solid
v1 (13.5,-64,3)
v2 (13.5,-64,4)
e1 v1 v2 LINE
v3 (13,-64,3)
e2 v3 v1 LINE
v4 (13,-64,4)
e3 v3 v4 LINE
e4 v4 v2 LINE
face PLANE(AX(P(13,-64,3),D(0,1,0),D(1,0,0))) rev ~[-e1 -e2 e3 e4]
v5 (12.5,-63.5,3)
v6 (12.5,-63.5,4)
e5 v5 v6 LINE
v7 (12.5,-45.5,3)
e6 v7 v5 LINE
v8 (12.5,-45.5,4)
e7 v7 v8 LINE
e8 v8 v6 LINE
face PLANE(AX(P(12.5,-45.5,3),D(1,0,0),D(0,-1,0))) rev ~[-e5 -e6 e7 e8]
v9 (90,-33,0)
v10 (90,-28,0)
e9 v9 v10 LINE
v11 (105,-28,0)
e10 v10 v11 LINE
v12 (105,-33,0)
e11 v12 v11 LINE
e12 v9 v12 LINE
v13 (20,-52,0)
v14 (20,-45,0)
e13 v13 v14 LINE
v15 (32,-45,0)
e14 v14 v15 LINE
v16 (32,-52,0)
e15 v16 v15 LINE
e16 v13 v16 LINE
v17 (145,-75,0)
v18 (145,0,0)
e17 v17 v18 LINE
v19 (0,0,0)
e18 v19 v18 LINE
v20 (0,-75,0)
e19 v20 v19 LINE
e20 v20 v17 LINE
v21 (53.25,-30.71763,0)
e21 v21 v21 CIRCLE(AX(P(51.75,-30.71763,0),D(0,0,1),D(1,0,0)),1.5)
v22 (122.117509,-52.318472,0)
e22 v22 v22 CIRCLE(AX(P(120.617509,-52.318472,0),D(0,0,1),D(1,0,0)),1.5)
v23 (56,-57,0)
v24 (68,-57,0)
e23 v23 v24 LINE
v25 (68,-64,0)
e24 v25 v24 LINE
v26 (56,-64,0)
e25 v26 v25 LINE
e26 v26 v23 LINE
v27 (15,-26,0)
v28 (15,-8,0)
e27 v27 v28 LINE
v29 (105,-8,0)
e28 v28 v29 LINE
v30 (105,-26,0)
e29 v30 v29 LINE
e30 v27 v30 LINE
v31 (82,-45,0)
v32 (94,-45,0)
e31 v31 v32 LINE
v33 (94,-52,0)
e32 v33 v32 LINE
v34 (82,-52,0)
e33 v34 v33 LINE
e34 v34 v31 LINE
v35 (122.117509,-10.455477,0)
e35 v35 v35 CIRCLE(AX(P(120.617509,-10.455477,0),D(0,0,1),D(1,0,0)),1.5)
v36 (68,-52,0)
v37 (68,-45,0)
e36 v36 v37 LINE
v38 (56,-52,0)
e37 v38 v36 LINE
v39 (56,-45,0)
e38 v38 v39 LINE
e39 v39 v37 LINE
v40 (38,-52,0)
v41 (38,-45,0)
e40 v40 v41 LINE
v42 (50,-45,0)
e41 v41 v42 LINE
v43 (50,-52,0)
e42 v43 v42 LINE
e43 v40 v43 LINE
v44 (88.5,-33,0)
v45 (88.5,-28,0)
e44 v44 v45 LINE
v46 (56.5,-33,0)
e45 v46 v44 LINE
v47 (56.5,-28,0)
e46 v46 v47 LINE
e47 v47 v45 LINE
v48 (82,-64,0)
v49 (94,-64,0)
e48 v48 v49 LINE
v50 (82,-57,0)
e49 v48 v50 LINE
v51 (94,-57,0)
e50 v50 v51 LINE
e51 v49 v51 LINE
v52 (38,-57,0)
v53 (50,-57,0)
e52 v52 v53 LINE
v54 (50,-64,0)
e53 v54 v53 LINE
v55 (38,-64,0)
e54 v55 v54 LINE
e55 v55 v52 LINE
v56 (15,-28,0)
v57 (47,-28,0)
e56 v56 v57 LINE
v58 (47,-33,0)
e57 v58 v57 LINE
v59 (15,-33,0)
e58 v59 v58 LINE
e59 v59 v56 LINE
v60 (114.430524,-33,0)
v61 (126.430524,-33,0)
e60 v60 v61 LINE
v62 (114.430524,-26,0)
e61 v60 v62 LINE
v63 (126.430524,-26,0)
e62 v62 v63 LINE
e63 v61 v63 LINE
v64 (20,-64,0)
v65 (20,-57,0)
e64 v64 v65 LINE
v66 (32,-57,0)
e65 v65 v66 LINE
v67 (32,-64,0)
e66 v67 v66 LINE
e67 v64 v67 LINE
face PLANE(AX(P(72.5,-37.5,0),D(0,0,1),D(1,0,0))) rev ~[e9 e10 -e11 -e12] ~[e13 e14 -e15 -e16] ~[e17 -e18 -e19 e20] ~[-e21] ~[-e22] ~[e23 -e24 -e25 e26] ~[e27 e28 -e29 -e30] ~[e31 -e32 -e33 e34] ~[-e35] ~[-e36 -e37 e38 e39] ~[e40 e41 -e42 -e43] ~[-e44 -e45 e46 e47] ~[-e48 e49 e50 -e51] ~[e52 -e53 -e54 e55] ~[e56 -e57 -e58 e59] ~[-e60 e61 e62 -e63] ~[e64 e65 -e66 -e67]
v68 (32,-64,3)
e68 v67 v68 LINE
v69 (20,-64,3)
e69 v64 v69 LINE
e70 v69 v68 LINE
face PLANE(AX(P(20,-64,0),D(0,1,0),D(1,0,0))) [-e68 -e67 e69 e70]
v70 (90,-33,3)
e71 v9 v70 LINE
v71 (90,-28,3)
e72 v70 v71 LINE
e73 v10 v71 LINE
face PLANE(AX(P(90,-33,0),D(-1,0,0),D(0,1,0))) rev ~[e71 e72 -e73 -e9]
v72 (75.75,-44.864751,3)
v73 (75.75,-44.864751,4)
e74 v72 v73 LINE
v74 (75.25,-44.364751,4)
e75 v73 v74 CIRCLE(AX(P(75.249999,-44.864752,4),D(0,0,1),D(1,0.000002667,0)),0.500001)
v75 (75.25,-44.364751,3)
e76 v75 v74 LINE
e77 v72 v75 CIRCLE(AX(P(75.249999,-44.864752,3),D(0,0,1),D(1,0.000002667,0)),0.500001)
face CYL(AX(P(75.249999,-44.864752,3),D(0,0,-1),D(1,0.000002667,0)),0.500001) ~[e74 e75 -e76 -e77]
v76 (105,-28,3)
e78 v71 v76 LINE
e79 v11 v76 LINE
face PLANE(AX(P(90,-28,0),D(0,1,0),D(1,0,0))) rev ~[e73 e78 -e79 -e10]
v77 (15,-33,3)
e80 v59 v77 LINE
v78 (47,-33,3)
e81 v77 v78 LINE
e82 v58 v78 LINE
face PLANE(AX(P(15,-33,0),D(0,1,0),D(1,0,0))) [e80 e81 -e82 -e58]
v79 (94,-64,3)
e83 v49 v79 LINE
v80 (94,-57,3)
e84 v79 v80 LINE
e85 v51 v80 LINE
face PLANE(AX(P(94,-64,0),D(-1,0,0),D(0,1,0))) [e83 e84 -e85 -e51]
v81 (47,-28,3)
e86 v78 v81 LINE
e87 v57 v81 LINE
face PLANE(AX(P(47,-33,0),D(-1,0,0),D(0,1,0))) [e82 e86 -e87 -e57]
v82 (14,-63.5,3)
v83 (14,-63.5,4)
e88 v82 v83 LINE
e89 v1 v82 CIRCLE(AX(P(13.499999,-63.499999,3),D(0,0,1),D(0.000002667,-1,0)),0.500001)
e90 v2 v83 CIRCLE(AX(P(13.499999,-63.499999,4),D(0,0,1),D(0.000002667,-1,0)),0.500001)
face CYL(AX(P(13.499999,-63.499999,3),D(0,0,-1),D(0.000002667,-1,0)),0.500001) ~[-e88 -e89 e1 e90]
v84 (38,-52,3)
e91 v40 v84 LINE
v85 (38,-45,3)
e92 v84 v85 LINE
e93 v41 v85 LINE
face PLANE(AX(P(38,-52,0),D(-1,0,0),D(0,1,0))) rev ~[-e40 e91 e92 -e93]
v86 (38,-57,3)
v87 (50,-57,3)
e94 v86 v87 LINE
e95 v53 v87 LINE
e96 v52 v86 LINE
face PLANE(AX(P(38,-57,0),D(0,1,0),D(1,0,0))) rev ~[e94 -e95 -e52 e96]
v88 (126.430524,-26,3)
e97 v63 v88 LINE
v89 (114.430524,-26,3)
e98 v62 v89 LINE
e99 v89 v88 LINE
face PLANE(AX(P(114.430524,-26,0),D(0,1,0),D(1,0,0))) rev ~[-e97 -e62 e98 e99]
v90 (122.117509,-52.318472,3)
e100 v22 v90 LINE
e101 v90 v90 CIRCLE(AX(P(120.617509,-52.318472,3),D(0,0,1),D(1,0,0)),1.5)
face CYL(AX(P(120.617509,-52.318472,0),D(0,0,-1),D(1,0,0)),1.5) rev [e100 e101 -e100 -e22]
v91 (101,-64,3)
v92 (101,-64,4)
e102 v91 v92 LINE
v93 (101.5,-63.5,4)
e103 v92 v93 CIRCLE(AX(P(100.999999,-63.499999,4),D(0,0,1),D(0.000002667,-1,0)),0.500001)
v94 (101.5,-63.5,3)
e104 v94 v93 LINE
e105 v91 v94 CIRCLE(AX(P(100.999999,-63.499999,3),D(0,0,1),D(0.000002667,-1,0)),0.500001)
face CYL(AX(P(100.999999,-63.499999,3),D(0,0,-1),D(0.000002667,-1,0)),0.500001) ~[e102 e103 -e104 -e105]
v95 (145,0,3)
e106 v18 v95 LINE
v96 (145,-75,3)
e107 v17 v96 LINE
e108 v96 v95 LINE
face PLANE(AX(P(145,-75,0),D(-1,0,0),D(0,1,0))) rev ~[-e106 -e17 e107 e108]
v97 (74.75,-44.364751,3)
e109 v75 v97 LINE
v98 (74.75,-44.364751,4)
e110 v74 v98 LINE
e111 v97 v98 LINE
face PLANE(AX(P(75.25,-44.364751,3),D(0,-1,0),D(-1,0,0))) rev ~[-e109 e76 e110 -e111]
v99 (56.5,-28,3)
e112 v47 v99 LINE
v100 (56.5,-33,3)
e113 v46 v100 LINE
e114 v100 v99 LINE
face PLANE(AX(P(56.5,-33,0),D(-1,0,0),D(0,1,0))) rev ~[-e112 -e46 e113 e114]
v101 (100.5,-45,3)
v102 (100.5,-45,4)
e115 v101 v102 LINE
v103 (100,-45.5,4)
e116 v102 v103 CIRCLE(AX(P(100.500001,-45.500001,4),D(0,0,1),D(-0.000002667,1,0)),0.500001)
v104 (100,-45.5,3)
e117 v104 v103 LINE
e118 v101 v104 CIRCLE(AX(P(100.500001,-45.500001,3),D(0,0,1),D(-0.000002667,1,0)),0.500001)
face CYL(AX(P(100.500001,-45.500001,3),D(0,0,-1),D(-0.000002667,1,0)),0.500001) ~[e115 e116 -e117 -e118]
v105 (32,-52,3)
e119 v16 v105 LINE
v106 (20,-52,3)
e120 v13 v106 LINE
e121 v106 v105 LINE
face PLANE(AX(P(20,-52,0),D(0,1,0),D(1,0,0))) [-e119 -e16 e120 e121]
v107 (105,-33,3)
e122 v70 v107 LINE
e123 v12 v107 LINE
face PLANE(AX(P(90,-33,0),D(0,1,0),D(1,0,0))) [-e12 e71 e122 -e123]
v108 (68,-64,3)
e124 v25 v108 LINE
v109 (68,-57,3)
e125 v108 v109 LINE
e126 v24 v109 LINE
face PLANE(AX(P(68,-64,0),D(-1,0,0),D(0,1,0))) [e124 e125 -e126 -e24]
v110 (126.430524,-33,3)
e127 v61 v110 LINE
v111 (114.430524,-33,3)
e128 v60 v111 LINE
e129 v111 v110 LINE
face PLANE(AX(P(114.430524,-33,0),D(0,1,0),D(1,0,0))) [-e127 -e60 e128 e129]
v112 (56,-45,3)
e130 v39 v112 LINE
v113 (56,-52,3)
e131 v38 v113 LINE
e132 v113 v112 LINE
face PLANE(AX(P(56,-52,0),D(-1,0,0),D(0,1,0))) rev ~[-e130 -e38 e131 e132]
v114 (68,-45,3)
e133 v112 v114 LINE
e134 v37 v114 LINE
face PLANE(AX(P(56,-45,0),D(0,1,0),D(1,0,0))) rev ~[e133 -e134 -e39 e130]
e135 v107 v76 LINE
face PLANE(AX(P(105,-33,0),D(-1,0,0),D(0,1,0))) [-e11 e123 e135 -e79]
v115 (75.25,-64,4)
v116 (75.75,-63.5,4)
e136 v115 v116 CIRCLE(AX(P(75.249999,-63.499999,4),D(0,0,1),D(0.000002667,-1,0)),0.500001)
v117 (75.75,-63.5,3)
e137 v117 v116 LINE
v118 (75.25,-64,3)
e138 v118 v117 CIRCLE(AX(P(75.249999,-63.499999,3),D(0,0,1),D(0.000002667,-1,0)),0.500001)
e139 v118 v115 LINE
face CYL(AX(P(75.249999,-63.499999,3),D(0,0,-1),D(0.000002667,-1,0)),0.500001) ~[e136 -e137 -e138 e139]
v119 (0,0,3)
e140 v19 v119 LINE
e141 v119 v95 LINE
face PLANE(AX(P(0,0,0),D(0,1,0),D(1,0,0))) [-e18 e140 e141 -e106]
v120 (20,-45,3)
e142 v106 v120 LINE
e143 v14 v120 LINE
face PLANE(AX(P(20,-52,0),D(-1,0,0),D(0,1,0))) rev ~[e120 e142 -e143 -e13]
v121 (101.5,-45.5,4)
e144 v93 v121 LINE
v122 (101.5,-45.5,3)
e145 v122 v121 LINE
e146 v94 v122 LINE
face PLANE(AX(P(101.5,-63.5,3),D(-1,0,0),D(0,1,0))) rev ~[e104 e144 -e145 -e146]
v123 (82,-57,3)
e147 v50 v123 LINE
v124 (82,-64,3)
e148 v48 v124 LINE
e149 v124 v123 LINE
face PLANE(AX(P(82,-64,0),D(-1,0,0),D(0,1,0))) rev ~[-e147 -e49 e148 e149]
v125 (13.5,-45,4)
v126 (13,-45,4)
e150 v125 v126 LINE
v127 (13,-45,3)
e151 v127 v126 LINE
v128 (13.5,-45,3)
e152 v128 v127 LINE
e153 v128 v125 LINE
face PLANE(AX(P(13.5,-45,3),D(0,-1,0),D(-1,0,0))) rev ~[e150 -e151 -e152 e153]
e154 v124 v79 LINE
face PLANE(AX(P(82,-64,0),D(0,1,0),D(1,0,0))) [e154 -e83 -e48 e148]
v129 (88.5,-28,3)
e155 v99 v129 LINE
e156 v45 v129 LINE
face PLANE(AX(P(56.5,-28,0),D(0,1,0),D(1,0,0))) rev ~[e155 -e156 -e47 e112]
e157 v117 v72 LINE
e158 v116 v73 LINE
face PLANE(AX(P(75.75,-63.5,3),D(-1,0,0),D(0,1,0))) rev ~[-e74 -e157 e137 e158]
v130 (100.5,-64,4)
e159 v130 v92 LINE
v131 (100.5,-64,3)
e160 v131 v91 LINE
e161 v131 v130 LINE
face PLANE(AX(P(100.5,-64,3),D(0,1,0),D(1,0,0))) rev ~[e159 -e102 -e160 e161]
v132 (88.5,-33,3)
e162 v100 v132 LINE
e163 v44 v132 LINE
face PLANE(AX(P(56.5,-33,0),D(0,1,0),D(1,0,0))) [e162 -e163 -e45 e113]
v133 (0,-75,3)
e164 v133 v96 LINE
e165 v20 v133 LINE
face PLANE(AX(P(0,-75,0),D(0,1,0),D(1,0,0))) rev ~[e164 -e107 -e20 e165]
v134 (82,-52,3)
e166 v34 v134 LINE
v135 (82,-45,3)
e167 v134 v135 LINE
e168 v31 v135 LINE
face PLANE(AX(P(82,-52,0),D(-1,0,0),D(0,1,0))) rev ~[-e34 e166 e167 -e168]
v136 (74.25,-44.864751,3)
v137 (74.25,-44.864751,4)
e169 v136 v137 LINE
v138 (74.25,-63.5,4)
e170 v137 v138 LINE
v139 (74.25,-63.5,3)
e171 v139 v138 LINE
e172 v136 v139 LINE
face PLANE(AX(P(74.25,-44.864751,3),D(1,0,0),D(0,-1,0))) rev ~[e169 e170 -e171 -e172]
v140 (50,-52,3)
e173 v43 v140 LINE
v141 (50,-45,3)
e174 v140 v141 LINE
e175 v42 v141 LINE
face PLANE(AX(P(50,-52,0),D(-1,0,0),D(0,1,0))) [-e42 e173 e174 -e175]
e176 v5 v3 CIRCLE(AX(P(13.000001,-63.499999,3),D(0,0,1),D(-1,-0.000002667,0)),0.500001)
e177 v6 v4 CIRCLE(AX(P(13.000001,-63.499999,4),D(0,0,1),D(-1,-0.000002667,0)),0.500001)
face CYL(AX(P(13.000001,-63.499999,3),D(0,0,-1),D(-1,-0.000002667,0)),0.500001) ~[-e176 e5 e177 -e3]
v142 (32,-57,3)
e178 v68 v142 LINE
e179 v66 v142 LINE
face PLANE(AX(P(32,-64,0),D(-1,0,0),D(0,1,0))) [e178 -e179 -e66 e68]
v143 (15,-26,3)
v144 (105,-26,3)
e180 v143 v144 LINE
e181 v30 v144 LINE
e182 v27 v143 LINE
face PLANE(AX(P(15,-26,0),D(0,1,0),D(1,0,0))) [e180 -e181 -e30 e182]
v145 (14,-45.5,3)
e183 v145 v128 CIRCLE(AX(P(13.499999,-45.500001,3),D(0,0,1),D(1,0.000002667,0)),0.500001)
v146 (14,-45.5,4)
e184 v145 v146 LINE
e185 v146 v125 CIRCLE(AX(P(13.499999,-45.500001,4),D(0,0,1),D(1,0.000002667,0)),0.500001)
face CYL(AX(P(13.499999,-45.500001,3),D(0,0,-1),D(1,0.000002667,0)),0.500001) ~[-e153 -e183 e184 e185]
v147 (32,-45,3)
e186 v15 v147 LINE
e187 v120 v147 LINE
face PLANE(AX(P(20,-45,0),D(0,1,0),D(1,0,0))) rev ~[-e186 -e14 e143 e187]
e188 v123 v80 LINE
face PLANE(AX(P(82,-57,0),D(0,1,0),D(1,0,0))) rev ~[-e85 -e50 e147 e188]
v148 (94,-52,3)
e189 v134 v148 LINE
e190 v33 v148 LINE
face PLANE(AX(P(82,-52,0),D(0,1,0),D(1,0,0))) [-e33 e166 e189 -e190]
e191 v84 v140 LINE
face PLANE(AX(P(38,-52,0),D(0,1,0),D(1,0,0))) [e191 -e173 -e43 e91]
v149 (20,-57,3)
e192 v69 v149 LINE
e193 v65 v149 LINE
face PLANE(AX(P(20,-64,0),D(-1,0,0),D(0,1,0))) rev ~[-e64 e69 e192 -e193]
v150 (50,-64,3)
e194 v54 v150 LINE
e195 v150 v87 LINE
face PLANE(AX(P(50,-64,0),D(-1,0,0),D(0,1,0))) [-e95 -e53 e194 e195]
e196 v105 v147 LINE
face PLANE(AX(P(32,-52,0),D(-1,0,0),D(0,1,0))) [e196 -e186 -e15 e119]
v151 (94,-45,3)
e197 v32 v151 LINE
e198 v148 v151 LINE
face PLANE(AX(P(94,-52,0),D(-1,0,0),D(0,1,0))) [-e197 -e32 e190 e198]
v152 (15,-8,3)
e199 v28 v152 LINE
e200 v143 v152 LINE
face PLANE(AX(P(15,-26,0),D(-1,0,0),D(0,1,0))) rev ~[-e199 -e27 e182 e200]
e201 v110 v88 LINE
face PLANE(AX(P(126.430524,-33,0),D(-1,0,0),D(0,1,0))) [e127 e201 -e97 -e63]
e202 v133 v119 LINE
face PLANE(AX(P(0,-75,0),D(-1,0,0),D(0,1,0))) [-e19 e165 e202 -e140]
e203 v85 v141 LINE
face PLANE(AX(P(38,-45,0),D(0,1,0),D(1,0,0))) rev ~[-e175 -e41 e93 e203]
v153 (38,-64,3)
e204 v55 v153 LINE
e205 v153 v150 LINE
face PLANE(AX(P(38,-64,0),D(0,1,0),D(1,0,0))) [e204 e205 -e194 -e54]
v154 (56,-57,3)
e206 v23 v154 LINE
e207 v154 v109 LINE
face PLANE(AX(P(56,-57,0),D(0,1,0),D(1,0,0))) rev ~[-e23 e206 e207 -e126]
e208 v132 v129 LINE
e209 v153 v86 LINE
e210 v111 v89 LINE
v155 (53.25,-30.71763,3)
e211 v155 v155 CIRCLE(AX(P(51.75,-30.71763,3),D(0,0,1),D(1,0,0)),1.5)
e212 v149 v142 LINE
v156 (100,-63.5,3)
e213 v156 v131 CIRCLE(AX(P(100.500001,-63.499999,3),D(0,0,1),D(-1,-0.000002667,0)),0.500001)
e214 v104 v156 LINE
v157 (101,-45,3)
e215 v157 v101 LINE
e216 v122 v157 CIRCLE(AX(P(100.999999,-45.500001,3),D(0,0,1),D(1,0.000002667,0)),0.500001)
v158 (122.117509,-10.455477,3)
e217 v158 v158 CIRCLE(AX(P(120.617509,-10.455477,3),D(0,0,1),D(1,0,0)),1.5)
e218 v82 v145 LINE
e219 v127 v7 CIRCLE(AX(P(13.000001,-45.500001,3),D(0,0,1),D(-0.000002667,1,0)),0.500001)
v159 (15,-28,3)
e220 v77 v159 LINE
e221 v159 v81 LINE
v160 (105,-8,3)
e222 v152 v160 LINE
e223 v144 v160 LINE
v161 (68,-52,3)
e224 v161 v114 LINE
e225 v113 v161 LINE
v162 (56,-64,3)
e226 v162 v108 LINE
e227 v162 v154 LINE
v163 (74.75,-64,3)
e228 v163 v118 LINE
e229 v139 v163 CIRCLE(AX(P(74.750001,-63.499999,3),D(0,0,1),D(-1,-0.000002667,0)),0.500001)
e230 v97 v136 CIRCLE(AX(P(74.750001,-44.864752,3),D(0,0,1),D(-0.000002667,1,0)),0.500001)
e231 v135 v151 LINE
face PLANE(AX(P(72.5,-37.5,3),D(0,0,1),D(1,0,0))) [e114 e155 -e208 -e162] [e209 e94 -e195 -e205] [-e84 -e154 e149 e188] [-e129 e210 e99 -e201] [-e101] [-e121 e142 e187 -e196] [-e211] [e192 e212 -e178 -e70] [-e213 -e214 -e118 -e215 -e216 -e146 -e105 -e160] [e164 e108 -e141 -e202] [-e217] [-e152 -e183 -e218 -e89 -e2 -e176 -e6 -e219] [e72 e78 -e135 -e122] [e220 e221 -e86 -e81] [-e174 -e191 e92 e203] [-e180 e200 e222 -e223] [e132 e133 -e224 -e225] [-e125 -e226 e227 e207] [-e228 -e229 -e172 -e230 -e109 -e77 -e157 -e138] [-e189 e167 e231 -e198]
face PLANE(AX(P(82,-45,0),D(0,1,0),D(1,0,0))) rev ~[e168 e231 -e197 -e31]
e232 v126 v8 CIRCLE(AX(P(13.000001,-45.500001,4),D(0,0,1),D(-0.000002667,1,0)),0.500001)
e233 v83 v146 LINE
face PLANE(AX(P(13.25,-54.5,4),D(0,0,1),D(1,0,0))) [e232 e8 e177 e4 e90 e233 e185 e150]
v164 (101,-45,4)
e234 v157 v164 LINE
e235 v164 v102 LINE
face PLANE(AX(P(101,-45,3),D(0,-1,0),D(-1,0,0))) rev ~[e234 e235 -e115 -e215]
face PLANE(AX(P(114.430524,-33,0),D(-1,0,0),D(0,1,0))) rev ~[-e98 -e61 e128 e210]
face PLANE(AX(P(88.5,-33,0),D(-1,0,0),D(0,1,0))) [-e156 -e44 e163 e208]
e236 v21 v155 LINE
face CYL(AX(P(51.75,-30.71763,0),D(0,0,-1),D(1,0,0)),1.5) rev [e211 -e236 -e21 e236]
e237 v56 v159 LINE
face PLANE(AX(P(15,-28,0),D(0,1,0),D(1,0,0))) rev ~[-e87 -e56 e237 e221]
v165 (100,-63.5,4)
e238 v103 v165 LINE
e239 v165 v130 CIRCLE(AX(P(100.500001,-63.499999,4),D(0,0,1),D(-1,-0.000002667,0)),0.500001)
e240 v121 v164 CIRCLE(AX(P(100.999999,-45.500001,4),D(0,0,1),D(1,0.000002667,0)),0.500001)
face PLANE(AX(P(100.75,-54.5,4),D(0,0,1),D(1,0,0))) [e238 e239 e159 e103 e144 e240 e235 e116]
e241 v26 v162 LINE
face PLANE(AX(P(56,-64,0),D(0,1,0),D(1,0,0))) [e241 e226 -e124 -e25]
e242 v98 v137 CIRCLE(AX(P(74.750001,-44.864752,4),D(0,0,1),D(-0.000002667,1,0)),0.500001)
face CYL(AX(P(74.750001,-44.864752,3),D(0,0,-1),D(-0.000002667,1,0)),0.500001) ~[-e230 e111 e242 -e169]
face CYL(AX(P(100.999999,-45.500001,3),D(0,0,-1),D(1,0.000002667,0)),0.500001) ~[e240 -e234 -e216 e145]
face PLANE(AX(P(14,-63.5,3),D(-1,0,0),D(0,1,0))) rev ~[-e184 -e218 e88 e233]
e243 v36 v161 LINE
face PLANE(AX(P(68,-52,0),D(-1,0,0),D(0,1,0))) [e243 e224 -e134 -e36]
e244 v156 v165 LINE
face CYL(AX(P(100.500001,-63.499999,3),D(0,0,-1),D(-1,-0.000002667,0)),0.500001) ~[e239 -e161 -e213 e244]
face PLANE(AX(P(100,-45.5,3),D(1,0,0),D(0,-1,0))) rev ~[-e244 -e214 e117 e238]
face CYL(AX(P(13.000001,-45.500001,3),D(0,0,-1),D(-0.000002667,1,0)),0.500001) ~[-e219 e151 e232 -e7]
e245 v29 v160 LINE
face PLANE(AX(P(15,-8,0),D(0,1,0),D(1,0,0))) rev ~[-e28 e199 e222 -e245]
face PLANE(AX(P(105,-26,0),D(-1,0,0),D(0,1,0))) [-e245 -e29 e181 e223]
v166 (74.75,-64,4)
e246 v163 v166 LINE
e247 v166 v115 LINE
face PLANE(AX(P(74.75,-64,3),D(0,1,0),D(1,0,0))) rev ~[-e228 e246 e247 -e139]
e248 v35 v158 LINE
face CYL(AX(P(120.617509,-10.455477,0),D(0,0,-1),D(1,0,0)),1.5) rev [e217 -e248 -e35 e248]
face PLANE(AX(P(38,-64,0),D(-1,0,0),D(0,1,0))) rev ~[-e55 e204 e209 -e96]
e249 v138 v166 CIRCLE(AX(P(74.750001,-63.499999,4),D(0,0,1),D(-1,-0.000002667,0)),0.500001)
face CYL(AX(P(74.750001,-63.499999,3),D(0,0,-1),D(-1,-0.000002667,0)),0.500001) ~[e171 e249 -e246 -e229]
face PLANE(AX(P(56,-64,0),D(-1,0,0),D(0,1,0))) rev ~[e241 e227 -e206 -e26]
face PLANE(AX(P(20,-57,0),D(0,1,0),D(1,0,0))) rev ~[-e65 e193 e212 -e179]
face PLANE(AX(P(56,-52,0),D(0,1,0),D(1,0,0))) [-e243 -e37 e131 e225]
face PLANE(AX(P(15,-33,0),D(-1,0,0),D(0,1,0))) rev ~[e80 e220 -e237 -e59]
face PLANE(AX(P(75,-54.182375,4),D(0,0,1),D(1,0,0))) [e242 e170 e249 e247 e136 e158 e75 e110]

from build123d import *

# Parameters (mm, degrees)
F0_W     = 145
F0_H     = 75
F0_W_2   = 12
F0_H_2   = 7
F0_R     = 1.5
F0_W_3   = 32
F0_H_3   = 5
F0_W_4   = 90
F0_H_4   = 18
F0_W_5   = 15
F1_DEPTH = 3
F3_DEPTH = 1


with BuildPart() as f1:
    # F0 (on Top) → F1 (new body)
    with BuildSketch(Plane.XY):
        with Locations((72.5, -37.5)):
            Rectangle(F0_W, F0_H)
        with Locations((26, -60.5)):
            Rectangle(F0_W_2, F0_H_2, mode=Mode.SUBTRACT)
        with Locations((44, -60.5)):
            Rectangle(F0_W_2, F0_H_2, mode=Mode.SUBTRACT)
        with Locations((62, -60.5)):
            Rectangle(F0_W_2, F0_H_2, mode=Mode.SUBTRACT)
        with Locations((26, -48.5)):
            Rectangle(F0_W_2, F0_H_2, mode=Mode.SUBTRACT)
        with Locations((44, -48.5)):
            Rectangle(F0_W_2, F0_H_2, mode=Mode.SUBTRACT)
        with Locations((62, -48.5)):
            Rectangle(F0_W_2, F0_H_2, mode=Mode.SUBTRACT)
        with Locations((88, -60.5)):
            Rectangle(F0_W_2, F0_H_2, mode=Mode.SUBTRACT)
        with Locations((88, -48.5)):
            Rectangle(F0_W_2, F0_H_2, mode=Mode.SUBTRACT)
        with Locations((120.617509, -52.318472)):
            Circle(F0_R, mode=Mode.SUBTRACT)
        with Locations((31, -30.5)):
            Rectangle(F0_W_3, F0_H_3, mode=Mode.SUBTRACT)
        with Locations((51.75, -30.71763)):
            Circle(F0_R, mode=Mode.SUBTRACT)
        with Locations((60, -17)):
            Rectangle(F0_W_4, F0_H_4, mode=Mode.SUBTRACT)
        with Locations((72.5, -30.5)):
            Rectangle(F0_W_3, F0_H_3, mode=Mode.SUBTRACT)
        with Locations((97.5, -30.5)):
            Rectangle(F0_W_5, F0_H_3, mode=Mode.SUBTRACT)
        with Locations((120.430524, -29.5)):
            Rectangle(F0_W_2, F0_H_2, mode=Mode.SUBTRACT)
        with Locations((120.617509, -10.455477)):
            Circle(F0_R, mode=Mode.SUBTRACT)
    extrude(amount=F1_DEPTH)

    # F2 (on face) → F3 (join)
    with BuildSketch(Plane.XY.offset(3)):
        with BuildLine():
            Line((13.5, -45), (13, -45))
            ThreePointArc((13, -45), (12.646447, -45.146447), (12.5, -45.5))
            Line((12.5, -45.5), (12.5, -63.5))
            ThreePointArc((12.5, -63.5), (12.646447, -63.853553), (13, -64))
            Line((13, -64), (13.5, -64))
            ThreePointArc((13.5, -64), (13.853553, -63.853553), (14, -63.5))
            Line((14, -63.5), (14, -45.5))
            ThreePointArc((14, -45.5), (13.853553, -45.146447), (13.5, -45))
        make_face()
        with BuildLine():
            Line((101, -45), (100.5, -45))
            ThreePointArc((100.5, -45), (100.146447, -45.146447), (100, -45.5))
            Line((100, -45.5), (100, -63.5))
            ThreePointArc((100, -63.5), (100.146447, -63.853553), (100.5, -64))
            Line((100.5, -64), (101, -64))
            ThreePointArc((101, -64), (101.353553, -63.853553), (101.5, -63.5))
            Line((101.5, -63.5), (101.5, -45.5))
            ThreePointArc((101.5, -45.5), (101.353553, -45.146447), (101, -45))
        make_face()
        with BuildLine():
            Line((75.25, -44.364751), (74.75, -44.364751))
            ThreePointArc((74.75, -44.364751), (74.396447, -44.511198), (74.25, -44.864751))
            Line((74.25, -44.864751), (74.25, -63.5))
            ThreePointArc((74.25, -63.5), (74.396447, -63.853553), (74.75, -64))
            Line((74.75, -64), (75.25, -64))
            ThreePointArc((75.25, -64), (75.603553, -63.853553), (75.75, -63.5))
            Line((75.75, -63.5), (75.75, -44.864751))
            ThreePointArc((75.75, -44.864751), (75.603553, -44.511198), (75.25, -44.364751))
        make_face()
    extrude(amount=F3_DEPTH)


solid = f1.part
